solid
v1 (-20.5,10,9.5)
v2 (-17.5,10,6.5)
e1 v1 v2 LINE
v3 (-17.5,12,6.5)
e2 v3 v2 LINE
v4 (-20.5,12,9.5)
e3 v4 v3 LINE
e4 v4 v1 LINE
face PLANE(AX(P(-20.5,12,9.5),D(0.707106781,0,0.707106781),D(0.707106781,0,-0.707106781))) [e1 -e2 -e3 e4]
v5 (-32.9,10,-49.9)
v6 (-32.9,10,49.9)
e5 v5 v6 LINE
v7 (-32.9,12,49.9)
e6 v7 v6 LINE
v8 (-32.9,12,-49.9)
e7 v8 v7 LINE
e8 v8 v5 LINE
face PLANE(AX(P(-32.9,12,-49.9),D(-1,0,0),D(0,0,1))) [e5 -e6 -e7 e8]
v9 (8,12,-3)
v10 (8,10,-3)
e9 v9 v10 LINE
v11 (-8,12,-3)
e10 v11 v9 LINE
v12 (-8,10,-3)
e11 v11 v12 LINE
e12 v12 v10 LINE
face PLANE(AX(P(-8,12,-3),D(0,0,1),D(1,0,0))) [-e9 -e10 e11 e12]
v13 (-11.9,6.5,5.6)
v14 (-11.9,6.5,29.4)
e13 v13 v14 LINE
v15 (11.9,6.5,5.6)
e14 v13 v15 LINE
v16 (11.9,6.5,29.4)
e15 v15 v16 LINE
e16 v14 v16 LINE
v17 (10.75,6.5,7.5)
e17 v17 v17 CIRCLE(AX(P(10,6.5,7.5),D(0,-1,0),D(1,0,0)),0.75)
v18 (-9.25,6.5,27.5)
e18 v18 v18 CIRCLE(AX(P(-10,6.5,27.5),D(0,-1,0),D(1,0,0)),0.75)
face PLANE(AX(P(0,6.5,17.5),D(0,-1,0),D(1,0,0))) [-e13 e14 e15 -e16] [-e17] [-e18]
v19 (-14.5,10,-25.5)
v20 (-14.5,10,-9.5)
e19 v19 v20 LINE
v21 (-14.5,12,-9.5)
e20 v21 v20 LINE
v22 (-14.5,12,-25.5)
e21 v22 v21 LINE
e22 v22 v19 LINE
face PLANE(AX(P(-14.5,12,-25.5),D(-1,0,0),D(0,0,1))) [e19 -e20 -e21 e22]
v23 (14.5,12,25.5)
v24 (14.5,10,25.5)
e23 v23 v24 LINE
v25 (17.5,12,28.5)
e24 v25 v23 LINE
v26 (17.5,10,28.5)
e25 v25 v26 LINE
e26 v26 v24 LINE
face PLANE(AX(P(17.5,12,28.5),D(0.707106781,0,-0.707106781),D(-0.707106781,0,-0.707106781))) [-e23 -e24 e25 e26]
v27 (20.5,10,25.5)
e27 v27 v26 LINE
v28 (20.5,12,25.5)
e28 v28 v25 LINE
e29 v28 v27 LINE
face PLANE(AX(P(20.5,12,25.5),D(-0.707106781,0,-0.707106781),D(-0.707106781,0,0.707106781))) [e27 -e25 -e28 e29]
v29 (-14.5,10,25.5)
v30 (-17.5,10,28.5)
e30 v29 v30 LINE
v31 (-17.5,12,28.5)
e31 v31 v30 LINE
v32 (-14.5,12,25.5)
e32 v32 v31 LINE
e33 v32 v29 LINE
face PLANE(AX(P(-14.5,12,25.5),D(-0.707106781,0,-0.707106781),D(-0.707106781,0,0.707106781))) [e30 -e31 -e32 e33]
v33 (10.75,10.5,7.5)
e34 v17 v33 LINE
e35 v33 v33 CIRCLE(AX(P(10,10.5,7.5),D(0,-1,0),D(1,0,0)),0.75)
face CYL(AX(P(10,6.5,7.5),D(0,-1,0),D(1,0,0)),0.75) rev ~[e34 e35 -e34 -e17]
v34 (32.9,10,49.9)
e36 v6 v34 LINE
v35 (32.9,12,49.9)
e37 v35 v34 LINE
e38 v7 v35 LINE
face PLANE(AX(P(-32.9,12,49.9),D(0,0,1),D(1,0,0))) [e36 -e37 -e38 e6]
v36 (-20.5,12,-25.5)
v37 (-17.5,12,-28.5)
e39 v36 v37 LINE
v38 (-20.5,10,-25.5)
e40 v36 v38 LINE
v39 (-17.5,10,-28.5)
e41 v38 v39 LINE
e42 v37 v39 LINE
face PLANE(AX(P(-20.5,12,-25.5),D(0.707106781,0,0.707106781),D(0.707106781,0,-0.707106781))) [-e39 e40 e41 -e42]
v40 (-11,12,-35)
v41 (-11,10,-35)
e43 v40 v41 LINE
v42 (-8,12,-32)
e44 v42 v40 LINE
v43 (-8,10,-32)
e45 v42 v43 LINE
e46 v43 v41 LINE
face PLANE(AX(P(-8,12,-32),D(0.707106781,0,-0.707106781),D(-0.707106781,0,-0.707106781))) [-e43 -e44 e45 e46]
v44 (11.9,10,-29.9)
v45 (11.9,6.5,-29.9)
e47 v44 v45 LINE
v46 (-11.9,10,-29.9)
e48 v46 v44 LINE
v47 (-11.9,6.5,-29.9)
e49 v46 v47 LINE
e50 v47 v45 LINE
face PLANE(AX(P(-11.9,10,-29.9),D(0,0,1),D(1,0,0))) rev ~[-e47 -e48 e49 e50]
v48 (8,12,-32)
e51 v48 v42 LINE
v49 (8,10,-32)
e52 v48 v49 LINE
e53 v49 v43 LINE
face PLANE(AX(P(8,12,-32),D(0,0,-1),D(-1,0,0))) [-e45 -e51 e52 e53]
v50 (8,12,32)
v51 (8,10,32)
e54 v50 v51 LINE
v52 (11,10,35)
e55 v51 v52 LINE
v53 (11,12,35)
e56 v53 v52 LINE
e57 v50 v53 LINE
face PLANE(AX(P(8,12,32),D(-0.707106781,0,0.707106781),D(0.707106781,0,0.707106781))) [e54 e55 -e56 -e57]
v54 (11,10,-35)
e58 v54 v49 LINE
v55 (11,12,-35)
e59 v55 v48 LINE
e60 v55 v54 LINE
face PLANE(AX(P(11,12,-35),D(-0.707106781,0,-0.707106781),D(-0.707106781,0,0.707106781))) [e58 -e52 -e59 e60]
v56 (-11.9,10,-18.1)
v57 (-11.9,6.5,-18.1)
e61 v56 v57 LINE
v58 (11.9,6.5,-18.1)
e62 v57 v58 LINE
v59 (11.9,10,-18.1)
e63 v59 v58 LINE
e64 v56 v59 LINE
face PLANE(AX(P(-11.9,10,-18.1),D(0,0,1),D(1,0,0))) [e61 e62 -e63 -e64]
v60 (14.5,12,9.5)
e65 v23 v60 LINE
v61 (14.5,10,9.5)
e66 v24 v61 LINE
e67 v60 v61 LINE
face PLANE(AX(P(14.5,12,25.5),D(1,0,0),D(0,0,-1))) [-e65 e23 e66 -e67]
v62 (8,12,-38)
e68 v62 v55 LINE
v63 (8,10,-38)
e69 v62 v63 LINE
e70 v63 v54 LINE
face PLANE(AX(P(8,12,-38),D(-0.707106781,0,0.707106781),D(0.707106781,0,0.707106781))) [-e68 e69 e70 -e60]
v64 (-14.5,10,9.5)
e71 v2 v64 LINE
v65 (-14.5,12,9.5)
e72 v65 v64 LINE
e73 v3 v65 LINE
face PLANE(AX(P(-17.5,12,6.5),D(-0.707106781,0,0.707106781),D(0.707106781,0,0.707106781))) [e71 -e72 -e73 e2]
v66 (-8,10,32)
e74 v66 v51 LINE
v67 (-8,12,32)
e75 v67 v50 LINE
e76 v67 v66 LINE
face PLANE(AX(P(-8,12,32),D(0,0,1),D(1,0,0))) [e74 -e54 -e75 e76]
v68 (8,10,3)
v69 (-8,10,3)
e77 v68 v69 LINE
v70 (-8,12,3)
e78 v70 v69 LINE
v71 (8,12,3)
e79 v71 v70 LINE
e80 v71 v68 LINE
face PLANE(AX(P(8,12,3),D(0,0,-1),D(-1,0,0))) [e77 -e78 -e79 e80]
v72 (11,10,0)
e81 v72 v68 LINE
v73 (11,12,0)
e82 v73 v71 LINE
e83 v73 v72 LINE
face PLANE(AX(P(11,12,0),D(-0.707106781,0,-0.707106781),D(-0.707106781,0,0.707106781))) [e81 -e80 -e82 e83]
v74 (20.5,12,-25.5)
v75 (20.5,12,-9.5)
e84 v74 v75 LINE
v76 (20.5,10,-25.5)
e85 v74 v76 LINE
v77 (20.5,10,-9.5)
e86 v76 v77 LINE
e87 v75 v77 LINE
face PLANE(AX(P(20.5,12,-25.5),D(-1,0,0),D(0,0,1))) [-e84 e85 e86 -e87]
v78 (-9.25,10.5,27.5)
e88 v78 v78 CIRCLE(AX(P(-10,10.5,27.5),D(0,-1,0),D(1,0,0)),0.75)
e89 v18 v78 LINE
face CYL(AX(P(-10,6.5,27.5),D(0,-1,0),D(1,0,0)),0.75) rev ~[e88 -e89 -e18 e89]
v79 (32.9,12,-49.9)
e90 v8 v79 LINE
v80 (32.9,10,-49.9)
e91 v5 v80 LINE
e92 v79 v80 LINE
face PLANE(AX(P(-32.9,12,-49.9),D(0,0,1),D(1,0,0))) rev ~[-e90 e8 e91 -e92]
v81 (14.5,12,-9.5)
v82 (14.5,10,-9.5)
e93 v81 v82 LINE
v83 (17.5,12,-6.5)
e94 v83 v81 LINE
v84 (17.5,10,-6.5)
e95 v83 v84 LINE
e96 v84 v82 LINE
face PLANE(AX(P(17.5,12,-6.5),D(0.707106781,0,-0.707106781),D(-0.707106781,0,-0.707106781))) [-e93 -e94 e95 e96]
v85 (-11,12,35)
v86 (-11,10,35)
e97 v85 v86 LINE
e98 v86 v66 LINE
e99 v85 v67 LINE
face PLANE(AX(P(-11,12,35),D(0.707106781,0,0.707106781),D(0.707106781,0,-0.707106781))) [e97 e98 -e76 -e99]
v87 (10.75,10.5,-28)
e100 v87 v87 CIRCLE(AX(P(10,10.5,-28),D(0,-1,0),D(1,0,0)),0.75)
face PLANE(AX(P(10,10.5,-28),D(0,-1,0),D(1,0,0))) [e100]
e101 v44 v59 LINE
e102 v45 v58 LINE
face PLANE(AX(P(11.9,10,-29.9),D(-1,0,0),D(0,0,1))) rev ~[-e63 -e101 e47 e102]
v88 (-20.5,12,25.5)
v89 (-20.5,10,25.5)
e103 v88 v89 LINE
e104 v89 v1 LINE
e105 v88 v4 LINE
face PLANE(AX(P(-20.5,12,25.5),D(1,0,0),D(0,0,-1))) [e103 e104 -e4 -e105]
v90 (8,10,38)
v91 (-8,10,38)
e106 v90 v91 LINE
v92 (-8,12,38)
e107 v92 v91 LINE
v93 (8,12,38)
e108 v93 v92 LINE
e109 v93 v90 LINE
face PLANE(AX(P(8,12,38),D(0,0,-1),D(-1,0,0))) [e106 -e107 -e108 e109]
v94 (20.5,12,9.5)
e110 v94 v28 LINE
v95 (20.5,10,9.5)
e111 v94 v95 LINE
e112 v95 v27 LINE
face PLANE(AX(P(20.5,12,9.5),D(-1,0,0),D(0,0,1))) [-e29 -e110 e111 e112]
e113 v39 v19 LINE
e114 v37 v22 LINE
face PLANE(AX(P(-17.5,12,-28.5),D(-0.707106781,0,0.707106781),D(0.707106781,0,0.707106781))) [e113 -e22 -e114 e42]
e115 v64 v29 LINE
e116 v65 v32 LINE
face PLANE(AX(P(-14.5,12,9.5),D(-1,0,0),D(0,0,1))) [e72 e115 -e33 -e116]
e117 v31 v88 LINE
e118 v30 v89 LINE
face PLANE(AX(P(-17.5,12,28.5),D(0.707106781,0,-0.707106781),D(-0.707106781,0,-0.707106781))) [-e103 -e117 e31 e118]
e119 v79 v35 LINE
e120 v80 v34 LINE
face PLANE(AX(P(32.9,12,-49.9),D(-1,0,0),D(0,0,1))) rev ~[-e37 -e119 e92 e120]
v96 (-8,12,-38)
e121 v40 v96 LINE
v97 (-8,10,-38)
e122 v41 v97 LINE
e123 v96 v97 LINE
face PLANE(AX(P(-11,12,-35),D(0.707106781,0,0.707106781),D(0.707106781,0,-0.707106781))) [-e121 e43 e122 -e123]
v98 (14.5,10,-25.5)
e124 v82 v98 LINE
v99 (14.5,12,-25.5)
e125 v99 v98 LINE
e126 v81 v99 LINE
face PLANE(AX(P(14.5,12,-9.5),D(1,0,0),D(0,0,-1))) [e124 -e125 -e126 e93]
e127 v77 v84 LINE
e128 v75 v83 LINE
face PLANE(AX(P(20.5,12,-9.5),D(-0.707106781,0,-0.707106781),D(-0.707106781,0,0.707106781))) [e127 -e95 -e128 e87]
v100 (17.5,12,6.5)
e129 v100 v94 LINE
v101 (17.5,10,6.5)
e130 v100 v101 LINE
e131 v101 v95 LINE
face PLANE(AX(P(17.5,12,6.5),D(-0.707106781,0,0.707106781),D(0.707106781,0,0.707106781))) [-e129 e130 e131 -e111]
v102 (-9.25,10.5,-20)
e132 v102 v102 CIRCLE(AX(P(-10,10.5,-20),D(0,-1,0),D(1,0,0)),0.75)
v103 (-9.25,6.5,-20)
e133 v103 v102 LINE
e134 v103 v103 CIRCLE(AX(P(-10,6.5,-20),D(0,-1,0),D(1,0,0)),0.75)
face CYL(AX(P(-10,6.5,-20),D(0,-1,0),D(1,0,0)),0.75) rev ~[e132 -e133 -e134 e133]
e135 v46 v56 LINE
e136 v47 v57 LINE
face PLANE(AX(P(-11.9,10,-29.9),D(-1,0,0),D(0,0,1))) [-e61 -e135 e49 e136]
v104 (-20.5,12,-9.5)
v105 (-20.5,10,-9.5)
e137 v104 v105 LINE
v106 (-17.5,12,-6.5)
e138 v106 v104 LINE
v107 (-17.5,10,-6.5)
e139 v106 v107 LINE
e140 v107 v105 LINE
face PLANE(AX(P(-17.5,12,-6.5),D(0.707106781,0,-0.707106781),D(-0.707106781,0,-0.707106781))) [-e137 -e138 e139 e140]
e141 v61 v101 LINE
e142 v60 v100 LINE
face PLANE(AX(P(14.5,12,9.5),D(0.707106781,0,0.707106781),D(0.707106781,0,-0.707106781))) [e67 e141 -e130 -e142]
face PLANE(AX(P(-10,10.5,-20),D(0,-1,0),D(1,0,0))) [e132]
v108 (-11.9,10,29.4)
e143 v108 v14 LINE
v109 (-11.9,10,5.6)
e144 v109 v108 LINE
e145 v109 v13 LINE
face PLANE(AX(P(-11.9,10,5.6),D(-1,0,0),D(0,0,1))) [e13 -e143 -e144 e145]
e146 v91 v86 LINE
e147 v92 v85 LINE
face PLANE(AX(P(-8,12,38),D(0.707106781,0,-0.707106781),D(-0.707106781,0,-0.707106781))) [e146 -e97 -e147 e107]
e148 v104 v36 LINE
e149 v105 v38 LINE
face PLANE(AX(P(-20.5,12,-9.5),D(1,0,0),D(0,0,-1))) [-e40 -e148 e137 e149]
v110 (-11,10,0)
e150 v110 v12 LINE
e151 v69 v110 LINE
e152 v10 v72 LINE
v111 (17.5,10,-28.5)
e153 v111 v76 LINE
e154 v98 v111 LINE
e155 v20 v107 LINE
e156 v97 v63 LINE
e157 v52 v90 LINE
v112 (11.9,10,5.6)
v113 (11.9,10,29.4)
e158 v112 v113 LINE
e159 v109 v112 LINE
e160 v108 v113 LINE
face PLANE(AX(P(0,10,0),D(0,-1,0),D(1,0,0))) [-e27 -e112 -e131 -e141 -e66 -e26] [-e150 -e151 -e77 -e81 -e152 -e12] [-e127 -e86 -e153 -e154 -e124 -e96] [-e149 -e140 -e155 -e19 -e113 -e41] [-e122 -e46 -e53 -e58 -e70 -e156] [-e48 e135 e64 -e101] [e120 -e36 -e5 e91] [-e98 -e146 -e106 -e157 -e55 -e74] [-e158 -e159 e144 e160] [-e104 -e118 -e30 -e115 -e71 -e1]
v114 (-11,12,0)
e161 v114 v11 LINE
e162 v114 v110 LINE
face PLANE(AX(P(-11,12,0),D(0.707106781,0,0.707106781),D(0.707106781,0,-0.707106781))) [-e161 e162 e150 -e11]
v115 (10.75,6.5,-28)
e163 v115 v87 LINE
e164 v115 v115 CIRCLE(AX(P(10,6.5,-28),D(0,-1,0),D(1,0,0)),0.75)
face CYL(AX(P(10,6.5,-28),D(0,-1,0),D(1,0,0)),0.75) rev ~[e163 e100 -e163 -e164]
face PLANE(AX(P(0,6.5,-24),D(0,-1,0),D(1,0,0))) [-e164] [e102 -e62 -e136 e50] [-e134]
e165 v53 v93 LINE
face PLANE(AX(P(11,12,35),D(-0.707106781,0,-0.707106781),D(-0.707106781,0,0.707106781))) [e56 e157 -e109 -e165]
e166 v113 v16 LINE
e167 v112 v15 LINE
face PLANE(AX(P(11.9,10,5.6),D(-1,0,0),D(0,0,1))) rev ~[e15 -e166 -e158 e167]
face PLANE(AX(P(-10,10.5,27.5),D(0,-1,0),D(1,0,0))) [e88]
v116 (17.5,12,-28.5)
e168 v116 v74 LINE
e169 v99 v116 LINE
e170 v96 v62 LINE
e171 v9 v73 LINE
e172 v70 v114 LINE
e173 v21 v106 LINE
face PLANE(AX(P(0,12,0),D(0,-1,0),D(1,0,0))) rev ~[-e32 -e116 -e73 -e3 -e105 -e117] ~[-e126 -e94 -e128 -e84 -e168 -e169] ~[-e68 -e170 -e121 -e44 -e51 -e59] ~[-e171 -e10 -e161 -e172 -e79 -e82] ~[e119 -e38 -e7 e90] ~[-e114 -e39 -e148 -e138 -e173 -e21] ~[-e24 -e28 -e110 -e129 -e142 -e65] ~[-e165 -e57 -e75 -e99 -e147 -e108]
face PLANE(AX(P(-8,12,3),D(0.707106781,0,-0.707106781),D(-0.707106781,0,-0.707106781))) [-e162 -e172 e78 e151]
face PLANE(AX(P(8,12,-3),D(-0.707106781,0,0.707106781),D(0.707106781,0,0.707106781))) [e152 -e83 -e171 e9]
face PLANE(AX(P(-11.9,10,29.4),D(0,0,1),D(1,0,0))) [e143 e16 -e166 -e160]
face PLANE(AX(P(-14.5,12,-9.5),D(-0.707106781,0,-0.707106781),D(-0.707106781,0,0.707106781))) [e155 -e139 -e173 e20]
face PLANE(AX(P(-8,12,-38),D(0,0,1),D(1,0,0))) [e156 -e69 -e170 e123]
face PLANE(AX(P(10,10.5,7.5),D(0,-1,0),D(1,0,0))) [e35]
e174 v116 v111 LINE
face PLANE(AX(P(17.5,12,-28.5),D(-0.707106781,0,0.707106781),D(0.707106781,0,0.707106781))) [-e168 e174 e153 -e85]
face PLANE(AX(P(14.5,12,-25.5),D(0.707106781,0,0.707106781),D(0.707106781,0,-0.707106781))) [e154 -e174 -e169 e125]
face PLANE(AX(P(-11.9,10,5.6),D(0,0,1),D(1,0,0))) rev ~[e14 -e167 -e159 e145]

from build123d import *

# Parameters (mm, degrees)
SKETCH024_W     = 65.8
SKETCH024_H     = 99.8
PAD016_DEPTH    = 2
SKETCH166_W     = 23.8
SKETCH166_H     = 23.8
SKETCH166_H_2   = 11.8
PAD112_DEPTH    = 3.5
SKETCH302_R     = 0.75
POCKET047_DEPTH = 4


with BuildPart() as part:
    # Sketch024 → Pad016 (new body)
    with BuildSketch(Plane.XZ):
        Rectangle(SKETCH024_W, SKETCH024_H)
        Polygon((8, 38), (-8, 38), (-11, 35), (-8, 32), (8, 32), (11, 35), align=None, mode=Mode.SUBTRACT)
        Polygon((-14.5, 25.5), (-17.5, 28.5), (-20.5, 25.5), (-20.5, 9.5), (-17.5, 6.5), (-14.5, 9.5), align=None, mode=Mode.SUBTRACT)
        Polygon((-14.5, -9.5), (-17.5, -6.5), (-20.5, -9.5), (-20.5, -25.5), (-17.5, -28.5), (-14.5, -25.5), align=None, mode=Mode.SUBTRACT)
        Polygon((8, -32), (-8, -32), (-11, -35), (-8, -38), (8, -38), (11, -35), align=None, mode=Mode.SUBTRACT)
        Polygon((20.5, 25.5), (17.5, 28.5), (14.5, 25.5), (14.5, 9.5), (17.5, 6.5), (20.5, 9.5), align=None, mode=Mode.SUBTRACT)
        Polygon((20.5, -9.5), (17.5, -6.5), (14.5, -9.5), (14.5, -25.5), (17.5, -28.5), (20.5, -25.5), align=None, mode=Mode.SUBTRACT)
        Polygon((8, 3), (-8, 3), (-11, 0), (-8, -3), (8, -3), (11, 0), align=None, mode=Mode.SUBTRACT)
    extrude(amount=PAD016_DEPTH)

    # Sketch166 (on Face48 of Pad016) → Pad112 (join)
    with BuildSketch(Plane.XZ.offset(2)):
        with Locations((0, 17.5)):
            Rectangle(SKETCH166_W, SKETCH166_H)
        with Locations((0, -24)):
            Rectangle(SKETCH166_W, SKETCH166_H_2)
    extrude(amount=PAD112_DEPTH)

    # Sketch302 (on Face58 of Pad112) → Pocket047 (cut)
    with BuildSketch(Plane.XZ.offset(5.5)):
        with Locations((-10, 27.5)):
            Circle(SKETCH302_R)
        with Locations((10, 7.5)):
            Circle(SKETCH302_R)
        with Locations((-10, -20)):
            Circle(SKETCH302_R)
        with Locations((10, -28)):
            Circle(SKETCH302_R)
    extrude(amount=-POCKET047_DEPTH, mode=Mode.SUBTRACT)


with BuildPart() as part_1:
    # Body009 placement: moved
    add(part.part.moved(Location((0, 12, 0))))


solid = part_1.part
